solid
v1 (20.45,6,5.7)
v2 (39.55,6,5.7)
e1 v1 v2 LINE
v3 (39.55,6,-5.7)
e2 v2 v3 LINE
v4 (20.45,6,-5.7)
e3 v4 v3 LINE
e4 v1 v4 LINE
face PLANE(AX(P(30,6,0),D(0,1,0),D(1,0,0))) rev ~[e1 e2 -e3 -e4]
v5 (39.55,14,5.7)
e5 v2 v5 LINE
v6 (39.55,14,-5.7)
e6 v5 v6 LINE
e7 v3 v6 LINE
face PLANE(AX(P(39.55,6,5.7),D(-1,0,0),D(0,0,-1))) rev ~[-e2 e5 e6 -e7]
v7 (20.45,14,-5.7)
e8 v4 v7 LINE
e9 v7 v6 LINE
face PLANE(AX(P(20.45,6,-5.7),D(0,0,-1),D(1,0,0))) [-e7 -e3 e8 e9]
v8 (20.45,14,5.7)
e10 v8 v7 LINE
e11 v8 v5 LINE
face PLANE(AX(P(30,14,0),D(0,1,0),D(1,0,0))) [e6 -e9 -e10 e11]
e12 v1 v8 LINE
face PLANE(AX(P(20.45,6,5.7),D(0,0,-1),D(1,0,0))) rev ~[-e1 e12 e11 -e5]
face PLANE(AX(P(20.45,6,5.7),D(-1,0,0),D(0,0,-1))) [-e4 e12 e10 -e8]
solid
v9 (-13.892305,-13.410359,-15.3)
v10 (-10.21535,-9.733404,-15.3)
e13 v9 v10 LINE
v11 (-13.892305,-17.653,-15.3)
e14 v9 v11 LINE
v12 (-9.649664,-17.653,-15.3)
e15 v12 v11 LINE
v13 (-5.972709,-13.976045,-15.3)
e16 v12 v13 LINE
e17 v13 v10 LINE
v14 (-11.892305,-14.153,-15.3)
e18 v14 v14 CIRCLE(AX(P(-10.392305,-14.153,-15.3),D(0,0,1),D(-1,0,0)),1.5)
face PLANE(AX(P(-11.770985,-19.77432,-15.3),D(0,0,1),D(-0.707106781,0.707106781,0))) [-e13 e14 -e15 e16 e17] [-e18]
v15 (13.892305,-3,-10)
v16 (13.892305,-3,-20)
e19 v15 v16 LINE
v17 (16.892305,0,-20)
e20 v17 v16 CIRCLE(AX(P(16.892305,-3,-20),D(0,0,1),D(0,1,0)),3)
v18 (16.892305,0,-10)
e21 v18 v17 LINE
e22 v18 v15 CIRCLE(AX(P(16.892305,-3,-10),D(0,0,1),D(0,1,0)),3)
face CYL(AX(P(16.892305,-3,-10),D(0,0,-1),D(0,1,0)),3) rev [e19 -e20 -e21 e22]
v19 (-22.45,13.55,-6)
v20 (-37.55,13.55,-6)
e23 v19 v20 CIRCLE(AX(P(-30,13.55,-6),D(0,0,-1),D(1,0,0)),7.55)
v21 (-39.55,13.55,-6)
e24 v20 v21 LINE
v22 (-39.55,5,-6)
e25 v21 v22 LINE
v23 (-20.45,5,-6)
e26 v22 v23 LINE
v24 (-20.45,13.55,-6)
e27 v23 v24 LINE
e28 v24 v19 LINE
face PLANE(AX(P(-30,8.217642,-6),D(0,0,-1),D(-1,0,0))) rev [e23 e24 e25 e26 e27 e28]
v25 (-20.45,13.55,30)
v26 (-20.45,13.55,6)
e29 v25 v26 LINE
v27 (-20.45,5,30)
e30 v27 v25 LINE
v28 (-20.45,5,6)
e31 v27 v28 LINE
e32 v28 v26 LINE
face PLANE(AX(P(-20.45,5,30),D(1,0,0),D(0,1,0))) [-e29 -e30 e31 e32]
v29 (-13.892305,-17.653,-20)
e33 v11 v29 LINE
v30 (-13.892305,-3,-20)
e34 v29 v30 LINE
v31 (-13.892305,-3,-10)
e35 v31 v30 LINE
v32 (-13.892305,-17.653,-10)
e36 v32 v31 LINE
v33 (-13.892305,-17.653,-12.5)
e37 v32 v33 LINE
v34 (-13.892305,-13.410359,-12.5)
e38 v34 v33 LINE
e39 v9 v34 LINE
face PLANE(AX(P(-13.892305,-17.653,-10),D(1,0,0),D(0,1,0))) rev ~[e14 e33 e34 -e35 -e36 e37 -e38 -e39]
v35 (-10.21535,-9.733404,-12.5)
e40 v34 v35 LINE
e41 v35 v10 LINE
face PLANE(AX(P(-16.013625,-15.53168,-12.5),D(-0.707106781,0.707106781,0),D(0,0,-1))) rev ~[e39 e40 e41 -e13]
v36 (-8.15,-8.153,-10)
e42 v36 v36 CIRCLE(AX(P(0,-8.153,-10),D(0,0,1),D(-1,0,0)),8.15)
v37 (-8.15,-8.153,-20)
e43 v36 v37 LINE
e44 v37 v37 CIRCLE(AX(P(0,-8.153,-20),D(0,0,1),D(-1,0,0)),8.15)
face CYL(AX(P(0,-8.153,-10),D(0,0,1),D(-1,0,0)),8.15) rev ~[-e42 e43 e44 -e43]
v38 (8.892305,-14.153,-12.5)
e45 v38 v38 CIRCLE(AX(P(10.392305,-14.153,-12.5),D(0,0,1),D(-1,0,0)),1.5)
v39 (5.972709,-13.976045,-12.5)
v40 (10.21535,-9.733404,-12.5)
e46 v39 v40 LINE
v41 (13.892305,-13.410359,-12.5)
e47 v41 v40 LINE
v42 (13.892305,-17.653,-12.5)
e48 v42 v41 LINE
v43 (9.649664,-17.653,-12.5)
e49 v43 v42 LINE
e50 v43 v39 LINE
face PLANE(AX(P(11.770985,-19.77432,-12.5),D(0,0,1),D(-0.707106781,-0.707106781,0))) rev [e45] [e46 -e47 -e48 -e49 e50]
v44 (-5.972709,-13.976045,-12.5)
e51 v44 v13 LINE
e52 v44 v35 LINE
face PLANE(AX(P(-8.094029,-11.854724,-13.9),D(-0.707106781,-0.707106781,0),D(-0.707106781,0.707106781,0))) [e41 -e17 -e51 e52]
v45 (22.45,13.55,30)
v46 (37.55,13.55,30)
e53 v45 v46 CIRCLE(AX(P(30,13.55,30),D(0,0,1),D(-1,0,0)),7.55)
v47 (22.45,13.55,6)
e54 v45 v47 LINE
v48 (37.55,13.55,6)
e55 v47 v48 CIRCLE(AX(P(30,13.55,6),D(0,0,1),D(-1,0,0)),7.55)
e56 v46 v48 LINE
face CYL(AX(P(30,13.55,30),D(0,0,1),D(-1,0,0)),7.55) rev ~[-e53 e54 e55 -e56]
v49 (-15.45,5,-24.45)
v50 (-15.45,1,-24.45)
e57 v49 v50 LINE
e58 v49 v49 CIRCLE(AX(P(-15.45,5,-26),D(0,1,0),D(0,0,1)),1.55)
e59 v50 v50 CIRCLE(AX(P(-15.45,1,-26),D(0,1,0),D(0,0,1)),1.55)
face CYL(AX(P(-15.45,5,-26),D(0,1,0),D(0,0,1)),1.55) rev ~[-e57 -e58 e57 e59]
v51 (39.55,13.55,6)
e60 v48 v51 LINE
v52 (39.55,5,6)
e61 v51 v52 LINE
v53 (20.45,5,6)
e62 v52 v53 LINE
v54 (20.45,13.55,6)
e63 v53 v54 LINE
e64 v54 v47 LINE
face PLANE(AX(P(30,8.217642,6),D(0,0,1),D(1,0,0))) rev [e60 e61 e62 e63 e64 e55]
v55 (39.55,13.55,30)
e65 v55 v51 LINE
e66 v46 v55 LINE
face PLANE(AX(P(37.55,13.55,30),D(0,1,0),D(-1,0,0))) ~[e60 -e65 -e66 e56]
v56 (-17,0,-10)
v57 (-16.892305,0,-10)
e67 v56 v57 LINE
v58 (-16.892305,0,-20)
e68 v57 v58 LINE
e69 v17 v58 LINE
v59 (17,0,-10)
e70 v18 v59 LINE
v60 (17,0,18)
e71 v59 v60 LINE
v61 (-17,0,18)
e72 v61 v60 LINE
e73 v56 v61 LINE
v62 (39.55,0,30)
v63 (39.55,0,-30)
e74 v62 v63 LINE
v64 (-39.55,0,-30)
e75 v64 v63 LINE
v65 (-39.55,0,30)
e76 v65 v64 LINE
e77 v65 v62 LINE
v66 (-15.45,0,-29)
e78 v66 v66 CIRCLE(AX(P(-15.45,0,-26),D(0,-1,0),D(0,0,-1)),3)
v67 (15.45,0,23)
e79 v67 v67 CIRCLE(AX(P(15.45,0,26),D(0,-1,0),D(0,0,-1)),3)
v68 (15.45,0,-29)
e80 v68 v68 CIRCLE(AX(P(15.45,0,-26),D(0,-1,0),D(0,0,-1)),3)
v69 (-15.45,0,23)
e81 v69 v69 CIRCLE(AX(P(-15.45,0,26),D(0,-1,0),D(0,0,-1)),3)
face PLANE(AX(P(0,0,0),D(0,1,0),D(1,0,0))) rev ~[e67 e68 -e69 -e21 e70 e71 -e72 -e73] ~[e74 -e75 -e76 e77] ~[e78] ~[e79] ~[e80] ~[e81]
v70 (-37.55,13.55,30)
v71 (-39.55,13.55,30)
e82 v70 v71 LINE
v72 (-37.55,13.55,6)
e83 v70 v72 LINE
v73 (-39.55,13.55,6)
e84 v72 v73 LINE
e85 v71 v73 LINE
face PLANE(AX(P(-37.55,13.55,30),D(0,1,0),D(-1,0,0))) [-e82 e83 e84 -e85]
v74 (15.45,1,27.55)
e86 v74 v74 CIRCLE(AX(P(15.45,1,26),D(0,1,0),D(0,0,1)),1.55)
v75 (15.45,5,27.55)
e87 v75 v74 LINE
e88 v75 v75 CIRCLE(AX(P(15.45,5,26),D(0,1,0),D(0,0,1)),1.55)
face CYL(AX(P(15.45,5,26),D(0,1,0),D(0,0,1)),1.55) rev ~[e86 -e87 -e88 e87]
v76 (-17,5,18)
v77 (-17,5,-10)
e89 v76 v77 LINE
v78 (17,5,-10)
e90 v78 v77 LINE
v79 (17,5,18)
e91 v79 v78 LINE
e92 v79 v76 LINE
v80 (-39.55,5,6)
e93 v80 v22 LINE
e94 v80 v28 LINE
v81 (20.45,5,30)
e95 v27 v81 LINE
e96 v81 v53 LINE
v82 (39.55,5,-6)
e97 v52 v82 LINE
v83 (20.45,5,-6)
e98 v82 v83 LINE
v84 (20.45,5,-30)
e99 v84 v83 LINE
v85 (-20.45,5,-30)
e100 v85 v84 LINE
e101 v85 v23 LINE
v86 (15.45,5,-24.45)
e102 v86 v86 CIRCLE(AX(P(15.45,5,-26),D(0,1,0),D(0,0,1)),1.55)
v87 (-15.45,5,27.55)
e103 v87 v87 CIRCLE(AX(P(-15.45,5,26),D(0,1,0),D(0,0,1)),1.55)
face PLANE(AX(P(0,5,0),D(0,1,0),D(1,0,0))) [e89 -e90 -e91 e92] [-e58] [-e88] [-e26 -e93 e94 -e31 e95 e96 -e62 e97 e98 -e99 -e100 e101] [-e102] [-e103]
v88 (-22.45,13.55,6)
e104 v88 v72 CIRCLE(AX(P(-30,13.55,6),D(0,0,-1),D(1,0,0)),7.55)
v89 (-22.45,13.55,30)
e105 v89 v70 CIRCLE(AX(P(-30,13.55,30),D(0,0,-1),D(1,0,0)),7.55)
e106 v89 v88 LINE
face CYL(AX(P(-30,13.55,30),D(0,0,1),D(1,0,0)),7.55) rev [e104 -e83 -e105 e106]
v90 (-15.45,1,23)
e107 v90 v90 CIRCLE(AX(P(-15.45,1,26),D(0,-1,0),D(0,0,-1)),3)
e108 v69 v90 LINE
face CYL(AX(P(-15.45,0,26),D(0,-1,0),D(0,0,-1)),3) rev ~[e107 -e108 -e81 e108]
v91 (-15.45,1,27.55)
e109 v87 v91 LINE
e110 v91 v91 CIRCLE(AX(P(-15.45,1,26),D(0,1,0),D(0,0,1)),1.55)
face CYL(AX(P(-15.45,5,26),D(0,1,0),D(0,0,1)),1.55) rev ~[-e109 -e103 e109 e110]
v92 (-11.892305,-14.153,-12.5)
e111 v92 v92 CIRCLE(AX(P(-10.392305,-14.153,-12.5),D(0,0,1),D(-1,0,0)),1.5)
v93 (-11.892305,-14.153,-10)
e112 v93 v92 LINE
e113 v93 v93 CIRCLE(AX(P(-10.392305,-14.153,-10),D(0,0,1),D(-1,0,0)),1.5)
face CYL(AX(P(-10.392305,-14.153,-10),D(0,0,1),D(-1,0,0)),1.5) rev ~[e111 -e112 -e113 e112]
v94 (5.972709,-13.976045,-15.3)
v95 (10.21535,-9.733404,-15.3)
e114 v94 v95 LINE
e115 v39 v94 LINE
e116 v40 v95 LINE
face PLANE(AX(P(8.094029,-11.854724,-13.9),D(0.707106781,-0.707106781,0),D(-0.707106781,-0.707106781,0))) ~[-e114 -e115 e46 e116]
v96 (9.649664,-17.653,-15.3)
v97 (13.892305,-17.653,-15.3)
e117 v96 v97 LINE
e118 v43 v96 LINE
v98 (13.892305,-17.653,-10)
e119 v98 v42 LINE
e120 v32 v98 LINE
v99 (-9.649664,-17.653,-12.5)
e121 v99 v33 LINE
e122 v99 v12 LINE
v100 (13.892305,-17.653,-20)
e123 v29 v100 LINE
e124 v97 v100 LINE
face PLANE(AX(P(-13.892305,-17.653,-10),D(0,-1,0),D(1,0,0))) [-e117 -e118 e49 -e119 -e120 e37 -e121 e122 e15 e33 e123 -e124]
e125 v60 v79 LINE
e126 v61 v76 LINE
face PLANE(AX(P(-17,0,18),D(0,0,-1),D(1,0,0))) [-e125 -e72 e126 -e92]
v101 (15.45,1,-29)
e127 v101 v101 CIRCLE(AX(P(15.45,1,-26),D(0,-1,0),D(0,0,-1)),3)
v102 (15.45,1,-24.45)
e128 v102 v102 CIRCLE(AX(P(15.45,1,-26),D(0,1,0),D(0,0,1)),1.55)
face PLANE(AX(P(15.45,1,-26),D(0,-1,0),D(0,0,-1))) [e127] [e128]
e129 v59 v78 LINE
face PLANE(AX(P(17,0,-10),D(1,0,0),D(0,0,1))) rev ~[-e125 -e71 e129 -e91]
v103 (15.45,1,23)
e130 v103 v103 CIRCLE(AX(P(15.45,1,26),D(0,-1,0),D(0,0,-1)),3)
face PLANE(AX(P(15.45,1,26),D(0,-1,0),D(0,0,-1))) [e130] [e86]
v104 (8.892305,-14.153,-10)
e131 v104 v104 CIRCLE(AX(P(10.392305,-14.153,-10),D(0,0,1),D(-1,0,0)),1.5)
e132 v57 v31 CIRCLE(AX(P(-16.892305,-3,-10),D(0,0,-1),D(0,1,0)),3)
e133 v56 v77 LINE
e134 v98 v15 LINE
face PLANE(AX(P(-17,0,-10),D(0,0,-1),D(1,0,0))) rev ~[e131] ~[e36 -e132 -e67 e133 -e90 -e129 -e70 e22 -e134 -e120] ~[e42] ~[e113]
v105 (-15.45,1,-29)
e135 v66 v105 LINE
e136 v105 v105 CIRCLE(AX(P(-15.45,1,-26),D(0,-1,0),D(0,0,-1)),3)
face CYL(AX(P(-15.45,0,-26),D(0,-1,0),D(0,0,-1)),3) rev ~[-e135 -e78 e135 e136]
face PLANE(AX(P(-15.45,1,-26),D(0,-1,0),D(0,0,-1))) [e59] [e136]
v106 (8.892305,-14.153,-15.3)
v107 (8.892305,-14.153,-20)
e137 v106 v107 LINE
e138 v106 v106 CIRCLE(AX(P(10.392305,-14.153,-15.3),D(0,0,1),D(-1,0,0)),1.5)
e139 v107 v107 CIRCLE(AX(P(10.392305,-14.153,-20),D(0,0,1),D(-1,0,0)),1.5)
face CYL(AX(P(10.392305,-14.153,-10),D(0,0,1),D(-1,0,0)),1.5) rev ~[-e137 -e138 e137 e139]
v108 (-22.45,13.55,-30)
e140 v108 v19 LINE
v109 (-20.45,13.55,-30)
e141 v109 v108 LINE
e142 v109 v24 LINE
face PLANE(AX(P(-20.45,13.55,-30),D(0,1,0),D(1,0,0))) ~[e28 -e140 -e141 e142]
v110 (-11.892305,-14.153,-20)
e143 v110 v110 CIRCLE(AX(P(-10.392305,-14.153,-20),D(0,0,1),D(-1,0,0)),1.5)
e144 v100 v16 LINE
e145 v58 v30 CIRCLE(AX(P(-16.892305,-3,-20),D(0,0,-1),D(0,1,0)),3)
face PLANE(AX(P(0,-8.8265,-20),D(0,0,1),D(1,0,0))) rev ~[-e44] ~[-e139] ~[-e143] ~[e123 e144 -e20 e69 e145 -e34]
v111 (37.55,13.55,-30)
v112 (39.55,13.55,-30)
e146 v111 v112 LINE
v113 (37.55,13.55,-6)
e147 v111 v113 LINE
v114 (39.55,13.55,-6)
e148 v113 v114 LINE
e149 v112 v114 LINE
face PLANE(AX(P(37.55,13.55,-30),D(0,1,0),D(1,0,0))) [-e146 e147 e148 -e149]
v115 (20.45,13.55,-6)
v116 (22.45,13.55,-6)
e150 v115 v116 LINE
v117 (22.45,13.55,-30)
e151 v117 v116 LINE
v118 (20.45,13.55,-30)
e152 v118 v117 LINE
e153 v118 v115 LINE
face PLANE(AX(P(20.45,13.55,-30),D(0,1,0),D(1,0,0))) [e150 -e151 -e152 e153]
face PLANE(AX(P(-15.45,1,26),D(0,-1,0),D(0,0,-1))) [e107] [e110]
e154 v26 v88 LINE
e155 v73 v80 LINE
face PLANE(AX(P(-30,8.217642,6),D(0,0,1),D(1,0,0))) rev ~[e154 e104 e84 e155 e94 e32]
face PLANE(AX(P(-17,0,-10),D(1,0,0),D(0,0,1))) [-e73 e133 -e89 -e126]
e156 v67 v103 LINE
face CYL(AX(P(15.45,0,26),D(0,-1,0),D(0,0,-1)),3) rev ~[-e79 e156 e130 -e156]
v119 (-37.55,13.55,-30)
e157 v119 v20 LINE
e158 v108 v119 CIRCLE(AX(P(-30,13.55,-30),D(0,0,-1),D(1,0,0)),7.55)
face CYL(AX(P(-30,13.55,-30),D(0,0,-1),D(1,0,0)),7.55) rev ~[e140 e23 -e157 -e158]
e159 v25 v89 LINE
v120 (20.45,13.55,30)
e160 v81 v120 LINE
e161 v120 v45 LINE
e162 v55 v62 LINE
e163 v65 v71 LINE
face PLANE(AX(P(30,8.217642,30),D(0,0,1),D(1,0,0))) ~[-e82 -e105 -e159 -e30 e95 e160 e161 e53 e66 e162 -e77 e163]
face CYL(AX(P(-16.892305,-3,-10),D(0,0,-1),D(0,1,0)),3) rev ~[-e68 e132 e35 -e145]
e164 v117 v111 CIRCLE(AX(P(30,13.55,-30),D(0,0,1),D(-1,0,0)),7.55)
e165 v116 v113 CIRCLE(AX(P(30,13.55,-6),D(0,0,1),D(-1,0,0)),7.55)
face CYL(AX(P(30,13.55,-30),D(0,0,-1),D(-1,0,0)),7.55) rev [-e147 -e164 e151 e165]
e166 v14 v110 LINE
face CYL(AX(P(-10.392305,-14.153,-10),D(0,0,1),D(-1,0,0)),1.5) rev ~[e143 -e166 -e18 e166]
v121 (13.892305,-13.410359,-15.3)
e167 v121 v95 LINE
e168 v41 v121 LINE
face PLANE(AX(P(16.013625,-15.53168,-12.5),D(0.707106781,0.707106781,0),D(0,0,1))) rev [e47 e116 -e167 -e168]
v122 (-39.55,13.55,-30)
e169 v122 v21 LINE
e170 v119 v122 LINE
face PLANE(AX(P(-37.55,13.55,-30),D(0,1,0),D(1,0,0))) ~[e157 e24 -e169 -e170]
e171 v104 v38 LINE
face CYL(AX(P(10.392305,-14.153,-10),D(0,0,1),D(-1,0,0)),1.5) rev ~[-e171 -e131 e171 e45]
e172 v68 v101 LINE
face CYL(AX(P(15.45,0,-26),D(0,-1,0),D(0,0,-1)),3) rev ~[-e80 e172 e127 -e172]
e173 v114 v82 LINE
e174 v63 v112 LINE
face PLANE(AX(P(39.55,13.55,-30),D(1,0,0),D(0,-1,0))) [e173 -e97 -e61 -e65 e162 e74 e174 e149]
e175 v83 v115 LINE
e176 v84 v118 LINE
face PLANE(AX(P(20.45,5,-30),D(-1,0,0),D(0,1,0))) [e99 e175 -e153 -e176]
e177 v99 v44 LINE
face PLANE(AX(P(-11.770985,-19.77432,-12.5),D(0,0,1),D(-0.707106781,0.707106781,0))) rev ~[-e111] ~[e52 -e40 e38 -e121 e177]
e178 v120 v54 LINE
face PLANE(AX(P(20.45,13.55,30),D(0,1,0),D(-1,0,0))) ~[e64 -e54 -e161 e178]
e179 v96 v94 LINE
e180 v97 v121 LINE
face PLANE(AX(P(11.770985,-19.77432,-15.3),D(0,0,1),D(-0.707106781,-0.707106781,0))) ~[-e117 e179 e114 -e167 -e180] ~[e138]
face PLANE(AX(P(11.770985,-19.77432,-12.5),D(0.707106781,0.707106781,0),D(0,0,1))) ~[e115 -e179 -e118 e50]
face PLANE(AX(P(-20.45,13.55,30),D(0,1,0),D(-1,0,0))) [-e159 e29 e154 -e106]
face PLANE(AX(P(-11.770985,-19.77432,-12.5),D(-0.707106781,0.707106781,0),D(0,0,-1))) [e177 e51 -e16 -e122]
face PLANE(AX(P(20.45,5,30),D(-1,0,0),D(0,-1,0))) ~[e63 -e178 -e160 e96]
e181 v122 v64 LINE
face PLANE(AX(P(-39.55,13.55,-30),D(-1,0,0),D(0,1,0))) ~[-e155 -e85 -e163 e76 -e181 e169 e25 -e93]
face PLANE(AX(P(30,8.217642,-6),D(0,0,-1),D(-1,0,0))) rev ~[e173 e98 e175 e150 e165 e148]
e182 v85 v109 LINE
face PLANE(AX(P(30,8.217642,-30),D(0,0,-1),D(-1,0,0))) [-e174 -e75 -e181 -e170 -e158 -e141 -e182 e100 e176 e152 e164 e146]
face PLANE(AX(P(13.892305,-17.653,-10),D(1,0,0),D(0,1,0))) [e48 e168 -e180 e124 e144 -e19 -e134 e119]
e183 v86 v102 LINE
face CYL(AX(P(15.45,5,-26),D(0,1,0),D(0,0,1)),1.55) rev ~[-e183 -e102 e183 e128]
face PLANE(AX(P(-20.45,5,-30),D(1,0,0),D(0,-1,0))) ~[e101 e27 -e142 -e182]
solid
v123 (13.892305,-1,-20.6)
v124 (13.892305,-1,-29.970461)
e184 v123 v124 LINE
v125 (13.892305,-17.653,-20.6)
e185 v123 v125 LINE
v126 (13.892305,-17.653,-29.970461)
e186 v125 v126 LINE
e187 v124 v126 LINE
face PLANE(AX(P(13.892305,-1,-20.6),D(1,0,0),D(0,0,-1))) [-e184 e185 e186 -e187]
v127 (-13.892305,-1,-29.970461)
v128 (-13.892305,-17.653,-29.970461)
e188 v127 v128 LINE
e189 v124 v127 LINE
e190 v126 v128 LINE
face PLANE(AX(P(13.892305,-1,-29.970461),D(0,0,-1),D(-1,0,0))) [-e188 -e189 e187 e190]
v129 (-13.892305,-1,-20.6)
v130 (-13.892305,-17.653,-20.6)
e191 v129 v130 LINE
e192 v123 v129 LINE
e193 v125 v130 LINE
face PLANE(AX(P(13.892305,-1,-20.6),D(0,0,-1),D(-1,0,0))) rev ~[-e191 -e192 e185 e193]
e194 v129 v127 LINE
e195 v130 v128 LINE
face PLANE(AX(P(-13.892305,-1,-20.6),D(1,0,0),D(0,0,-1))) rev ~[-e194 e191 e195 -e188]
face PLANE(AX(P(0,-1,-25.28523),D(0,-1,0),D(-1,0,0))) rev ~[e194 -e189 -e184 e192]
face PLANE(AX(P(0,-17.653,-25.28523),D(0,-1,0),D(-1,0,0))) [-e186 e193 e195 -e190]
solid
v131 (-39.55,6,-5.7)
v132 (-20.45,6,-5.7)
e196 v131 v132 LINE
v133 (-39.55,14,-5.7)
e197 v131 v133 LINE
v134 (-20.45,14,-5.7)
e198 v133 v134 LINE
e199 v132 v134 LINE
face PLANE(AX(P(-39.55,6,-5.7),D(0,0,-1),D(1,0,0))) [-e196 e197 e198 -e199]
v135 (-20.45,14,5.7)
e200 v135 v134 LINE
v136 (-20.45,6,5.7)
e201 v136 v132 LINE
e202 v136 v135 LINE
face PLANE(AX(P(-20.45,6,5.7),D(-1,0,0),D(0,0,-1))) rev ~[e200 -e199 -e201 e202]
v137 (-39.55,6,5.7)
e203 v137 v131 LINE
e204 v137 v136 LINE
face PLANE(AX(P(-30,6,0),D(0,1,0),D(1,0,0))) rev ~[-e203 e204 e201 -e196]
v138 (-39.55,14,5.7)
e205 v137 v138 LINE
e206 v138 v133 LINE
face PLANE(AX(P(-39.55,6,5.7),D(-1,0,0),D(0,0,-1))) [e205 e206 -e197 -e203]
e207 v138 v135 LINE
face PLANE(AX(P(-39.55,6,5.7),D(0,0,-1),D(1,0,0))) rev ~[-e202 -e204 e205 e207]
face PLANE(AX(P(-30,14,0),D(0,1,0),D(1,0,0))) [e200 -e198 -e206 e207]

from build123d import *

# Parameters (mm, degrees)
SKETCH1_W             = 79.1
SKETCH1_H             = 60
BOSS_EXTRUDE1_DEPTH   = 5
BOSS_EXTRUDE2_DEPTH   = 24
MIRROR2_COPY_1_DEPTH  = 24
SKETCH10_R            = 1.55
CUT_EXTRUDE7_DEPTH    = 8
SKETCH11_R            = 3
CUT_EXTRUDE8_DEPTH    = 1
SKETCH12_W            = 27.78460969
SKETCH12_H            = 17.653
SKETCH12_R            = 1.5
SKETCH12_R_2          = 8.15
BOSS_EXTRUDE5_DEPTH   = 10
SKETCH13_W            = 34
SKETCH13_H            = 28
CUT_EXTRUDE9_DEPTH    = 10
FILLET2_R             = 3
SKETCH15_W            = 6
SKETCH15_H            = 2.8
CUT_EXTRUDE12_DEPTH   = 8.2
SKETCH17_W            = 19.1
SKETCH17_H            = 11.4
BOSS_EXTRUDE6_DEPTH   = 8
BOSS_EXTRUDE6_2_DEPTH = 8
SKETCH18_W            = 27.78460969
SKETCH18_H            = 9.370460502
BOSS_EXTRUDE7_DEPTH   = 16.653


with BuildPart() as part:
    # Sketch1 → Boss-Extrude1 (new body)
    with BuildSketch(Plane(origin=(0, 0, 0), x_dir=(1, 0, 0), z_dir=(0, 1, 0))):
        Rectangle(SKETCH1_W, SKETCH1_H)
    extrude(amount=BOSS_EXTRUDE1_DEPTH)

    # Sketch2 → Boss-Extrude2 (add)
    with BuildSketch(Plane.XY.offset(30)):
        with BuildLine():
            Line((-39.55, 13.55), (-39.55, 5))
            Line((-39.55, 5), (-20.45, 5))
            Line((-20.45, 5), (-20.45, 13.55))
            Line((-20.45, 13.55), (-22.45, 13.55))
            ThreePointArc((-22.45, 13.55), (-30, 6), (-37.55, 13.55))
            Line((-37.55, 13.55), (-39.55, 13.55))
        make_face()
    boss_extrude2 = extrude(amount=-BOSS_EXTRUDE2_DEPTH)

    # Mirror1: Boss-Extrude2 across plane
    add(boss_extrude2.mirror(Plane.XY))

    # Mirror2: Boss-Extrude2 across plane
    add(boss_extrude2.mirror(Plane(origin=(0, 0, 0), x_dir=(0, 0, 1), z_dir=(1, 0, 0))))

    # Mirror2 copy 1 sketch → Mirror2 copy 1 (add)
    with BuildSketch(Plane(origin=(0, 0, -30), x_dir=(-1, 0, 0), z_dir=(0, 0, -1))):
        with BuildLine():
            Line((-39.55, 13.55), (-39.55, 5))
            Line((-39.55, 5), (-20.45, 5))
            Line((-20.45, 5), (-20.45, 13.55))
            Line((-20.45, 13.55), (-22.45, 13.55))
            ThreePointArc((-22.45, 13.55), (-30, 6), (-37.55, 13.55))
            Line((-37.55, 13.55), (-39.55, 13.55))
        make_face()
    extrude(amount=-MIRROR2_COPY_1_DEPTH)

    # Sketch10 → Cut-Extrude7 (cut)
    with BuildSketch(Plane(origin=(0, 5, 0), x_dir=(1, 0, 0), z_dir=(0, 1, 0))):
        with Locations(Location((-15.45, -26, 0), (0, 0, 270))):
            Circle(SKETCH10_R)
        with Locations(Location((-15.45, 26, 0), (0, 0, 270))):
            Circle(SKETCH10_R)
        with Locations(Location((15.45, 26, 0), (0, 0, 270))):
            Circle(SKETCH10_R)
        with Locations(Location((15.45, -26, 0), (0, 0, 270))):
            Circle(SKETCH10_R)
    extrude(amount=-CUT_EXTRUDE7_DEPTH, mode=Mode.SUBTRACT)

    # Sketch11 → Cut-Extrude8 (cut)
    with BuildSketch(Plane.XZ):
        with Locations(Location((-15.45, 26, 0), (0, 0, 270))):
            Circle(SKETCH11_R)
        with Locations(Location((15.45, 26, 0), (0, 0, 270))):
            Circle(SKETCH11_R)
        with Locations(Location((15.45, -26, 0), (0, 0, 270))):
            Circle(SKETCH11_R)
        with Locations(Location((-15.45, -26, 0), (0, 0, 270))):
            Circle(SKETCH11_R)
    extrude(amount=-CUT_EXTRUDE8_DEPTH, mode=Mode.SUBTRACT)

    # Sketch12 → Boss-Extrude5 (add)
    with BuildSketch(Plane.XY.offset(-10)):
        with Locations((0, -8.8265)):
            Rectangle(SKETCH12_W, SKETCH12_H)
        with Locations(Location((-10.392304845, -14.153, 0), (0, 0, 180))):
            Circle(SKETCH12_R, mode=Mode.SUBTRACT)
        with Locations(Location((10.392304845, -14.153, 0), (0, 0, 180))):
            Circle(SKETCH12_R, mode=Mode.SUBTRACT)
        with Locations(Location((0, -8.153, 0), (0, 0, 180))):
            Circle(SKETCH12_R_2, mode=Mode.SUBTRACT)
    extrude(amount=-BOSS_EXTRUDE5_DEPTH)

    # Sketch13 → Cut-Extrude9 (cut)
    with BuildSketch(Plane.XZ):
        with Locations((0, 4)):
            Rectangle(SKETCH13_W, SKETCH13_H)
    extrude(amount=-CUT_EXTRUDE9_DEPTH, mode=Mode.SUBTRACT)

    # Fillet2
    fillet2_edges = [part.edges().sort_by_distance(p)[0] for p in [
        (-13.892304845, 0, -15),
        (13.892304845, 0, -15),
    ]]
    fillet(fillet2_edges, radius=FILLET2_R)

    # Sketch15 → Cut-Extrude12 (cut)
    with BuildSketch(Plane(origin=(-15.772652423, -15.772652423, 0), x_dir=(-0.7071067811865477, 0.7071067811865475, 0), z_dir=(-0.7071067811865475, -0.7071067811865477, 0))):
        with Locations((-2.659213046, 13.9)):
            Rectangle(SKETCH15_W, SKETCH15_H)
    cut_extrude12 = extrude(amount=-CUT_EXTRUDE12_DEPTH, mode=Mode.SUBTRACT)

    # Mirror3: Cut-Extrude12 across plane
    add(cut_extrude12.mirror(Plane(origin=(0, 0, 0), x_dir=(0, 0, 1), z_dir=(1, 0, 0))), mode=Mode.SUBTRACT)


with BuildPart() as body_2:
    # Sketch17 → Boss-Extrude6 (new body)
    with BuildSketch(Plane(origin=(0, 6, 0), x_dir=(1, 0, 0), z_dir=(0, 1, 0))):
        with Locations((-30, 0)):
            Rectangle(SKETCH17_W, SKETCH17_H)
    extrude(amount=BOSS_EXTRUDE6_DEPTH)


with BuildPart() as body_3:
    # Sketch17 → Boss-Extrude6 2 (new body)
    with BuildSketch(Plane(origin=(0, 6, 0), x_dir=(1, 0, 0), z_dir=(0, 1, 0))):
        with Locations((30, 0)):
            Rectangle(SKETCH17_W, SKETCH17_H)
    extrude(amount=BOSS_EXTRUDE6_2_DEPTH)


with BuildPart() as body_4:
    # Sketch18 → Boss-Extrude7 (new body)
    with BuildSketch(Plane(origin=(0, -1, 0), x_dir=(-1, 0, 0), z_dir=(0, -1, 0))):
        with Locations((0, 25.285230251)):
            Rectangle(SKETCH18_W, SKETCH18_H)
    extrude(amount=BOSS_EXTRUDE7_DEPTH)


solid = Compound([part.part, body_2.part, body_3.part, body_4.part])
